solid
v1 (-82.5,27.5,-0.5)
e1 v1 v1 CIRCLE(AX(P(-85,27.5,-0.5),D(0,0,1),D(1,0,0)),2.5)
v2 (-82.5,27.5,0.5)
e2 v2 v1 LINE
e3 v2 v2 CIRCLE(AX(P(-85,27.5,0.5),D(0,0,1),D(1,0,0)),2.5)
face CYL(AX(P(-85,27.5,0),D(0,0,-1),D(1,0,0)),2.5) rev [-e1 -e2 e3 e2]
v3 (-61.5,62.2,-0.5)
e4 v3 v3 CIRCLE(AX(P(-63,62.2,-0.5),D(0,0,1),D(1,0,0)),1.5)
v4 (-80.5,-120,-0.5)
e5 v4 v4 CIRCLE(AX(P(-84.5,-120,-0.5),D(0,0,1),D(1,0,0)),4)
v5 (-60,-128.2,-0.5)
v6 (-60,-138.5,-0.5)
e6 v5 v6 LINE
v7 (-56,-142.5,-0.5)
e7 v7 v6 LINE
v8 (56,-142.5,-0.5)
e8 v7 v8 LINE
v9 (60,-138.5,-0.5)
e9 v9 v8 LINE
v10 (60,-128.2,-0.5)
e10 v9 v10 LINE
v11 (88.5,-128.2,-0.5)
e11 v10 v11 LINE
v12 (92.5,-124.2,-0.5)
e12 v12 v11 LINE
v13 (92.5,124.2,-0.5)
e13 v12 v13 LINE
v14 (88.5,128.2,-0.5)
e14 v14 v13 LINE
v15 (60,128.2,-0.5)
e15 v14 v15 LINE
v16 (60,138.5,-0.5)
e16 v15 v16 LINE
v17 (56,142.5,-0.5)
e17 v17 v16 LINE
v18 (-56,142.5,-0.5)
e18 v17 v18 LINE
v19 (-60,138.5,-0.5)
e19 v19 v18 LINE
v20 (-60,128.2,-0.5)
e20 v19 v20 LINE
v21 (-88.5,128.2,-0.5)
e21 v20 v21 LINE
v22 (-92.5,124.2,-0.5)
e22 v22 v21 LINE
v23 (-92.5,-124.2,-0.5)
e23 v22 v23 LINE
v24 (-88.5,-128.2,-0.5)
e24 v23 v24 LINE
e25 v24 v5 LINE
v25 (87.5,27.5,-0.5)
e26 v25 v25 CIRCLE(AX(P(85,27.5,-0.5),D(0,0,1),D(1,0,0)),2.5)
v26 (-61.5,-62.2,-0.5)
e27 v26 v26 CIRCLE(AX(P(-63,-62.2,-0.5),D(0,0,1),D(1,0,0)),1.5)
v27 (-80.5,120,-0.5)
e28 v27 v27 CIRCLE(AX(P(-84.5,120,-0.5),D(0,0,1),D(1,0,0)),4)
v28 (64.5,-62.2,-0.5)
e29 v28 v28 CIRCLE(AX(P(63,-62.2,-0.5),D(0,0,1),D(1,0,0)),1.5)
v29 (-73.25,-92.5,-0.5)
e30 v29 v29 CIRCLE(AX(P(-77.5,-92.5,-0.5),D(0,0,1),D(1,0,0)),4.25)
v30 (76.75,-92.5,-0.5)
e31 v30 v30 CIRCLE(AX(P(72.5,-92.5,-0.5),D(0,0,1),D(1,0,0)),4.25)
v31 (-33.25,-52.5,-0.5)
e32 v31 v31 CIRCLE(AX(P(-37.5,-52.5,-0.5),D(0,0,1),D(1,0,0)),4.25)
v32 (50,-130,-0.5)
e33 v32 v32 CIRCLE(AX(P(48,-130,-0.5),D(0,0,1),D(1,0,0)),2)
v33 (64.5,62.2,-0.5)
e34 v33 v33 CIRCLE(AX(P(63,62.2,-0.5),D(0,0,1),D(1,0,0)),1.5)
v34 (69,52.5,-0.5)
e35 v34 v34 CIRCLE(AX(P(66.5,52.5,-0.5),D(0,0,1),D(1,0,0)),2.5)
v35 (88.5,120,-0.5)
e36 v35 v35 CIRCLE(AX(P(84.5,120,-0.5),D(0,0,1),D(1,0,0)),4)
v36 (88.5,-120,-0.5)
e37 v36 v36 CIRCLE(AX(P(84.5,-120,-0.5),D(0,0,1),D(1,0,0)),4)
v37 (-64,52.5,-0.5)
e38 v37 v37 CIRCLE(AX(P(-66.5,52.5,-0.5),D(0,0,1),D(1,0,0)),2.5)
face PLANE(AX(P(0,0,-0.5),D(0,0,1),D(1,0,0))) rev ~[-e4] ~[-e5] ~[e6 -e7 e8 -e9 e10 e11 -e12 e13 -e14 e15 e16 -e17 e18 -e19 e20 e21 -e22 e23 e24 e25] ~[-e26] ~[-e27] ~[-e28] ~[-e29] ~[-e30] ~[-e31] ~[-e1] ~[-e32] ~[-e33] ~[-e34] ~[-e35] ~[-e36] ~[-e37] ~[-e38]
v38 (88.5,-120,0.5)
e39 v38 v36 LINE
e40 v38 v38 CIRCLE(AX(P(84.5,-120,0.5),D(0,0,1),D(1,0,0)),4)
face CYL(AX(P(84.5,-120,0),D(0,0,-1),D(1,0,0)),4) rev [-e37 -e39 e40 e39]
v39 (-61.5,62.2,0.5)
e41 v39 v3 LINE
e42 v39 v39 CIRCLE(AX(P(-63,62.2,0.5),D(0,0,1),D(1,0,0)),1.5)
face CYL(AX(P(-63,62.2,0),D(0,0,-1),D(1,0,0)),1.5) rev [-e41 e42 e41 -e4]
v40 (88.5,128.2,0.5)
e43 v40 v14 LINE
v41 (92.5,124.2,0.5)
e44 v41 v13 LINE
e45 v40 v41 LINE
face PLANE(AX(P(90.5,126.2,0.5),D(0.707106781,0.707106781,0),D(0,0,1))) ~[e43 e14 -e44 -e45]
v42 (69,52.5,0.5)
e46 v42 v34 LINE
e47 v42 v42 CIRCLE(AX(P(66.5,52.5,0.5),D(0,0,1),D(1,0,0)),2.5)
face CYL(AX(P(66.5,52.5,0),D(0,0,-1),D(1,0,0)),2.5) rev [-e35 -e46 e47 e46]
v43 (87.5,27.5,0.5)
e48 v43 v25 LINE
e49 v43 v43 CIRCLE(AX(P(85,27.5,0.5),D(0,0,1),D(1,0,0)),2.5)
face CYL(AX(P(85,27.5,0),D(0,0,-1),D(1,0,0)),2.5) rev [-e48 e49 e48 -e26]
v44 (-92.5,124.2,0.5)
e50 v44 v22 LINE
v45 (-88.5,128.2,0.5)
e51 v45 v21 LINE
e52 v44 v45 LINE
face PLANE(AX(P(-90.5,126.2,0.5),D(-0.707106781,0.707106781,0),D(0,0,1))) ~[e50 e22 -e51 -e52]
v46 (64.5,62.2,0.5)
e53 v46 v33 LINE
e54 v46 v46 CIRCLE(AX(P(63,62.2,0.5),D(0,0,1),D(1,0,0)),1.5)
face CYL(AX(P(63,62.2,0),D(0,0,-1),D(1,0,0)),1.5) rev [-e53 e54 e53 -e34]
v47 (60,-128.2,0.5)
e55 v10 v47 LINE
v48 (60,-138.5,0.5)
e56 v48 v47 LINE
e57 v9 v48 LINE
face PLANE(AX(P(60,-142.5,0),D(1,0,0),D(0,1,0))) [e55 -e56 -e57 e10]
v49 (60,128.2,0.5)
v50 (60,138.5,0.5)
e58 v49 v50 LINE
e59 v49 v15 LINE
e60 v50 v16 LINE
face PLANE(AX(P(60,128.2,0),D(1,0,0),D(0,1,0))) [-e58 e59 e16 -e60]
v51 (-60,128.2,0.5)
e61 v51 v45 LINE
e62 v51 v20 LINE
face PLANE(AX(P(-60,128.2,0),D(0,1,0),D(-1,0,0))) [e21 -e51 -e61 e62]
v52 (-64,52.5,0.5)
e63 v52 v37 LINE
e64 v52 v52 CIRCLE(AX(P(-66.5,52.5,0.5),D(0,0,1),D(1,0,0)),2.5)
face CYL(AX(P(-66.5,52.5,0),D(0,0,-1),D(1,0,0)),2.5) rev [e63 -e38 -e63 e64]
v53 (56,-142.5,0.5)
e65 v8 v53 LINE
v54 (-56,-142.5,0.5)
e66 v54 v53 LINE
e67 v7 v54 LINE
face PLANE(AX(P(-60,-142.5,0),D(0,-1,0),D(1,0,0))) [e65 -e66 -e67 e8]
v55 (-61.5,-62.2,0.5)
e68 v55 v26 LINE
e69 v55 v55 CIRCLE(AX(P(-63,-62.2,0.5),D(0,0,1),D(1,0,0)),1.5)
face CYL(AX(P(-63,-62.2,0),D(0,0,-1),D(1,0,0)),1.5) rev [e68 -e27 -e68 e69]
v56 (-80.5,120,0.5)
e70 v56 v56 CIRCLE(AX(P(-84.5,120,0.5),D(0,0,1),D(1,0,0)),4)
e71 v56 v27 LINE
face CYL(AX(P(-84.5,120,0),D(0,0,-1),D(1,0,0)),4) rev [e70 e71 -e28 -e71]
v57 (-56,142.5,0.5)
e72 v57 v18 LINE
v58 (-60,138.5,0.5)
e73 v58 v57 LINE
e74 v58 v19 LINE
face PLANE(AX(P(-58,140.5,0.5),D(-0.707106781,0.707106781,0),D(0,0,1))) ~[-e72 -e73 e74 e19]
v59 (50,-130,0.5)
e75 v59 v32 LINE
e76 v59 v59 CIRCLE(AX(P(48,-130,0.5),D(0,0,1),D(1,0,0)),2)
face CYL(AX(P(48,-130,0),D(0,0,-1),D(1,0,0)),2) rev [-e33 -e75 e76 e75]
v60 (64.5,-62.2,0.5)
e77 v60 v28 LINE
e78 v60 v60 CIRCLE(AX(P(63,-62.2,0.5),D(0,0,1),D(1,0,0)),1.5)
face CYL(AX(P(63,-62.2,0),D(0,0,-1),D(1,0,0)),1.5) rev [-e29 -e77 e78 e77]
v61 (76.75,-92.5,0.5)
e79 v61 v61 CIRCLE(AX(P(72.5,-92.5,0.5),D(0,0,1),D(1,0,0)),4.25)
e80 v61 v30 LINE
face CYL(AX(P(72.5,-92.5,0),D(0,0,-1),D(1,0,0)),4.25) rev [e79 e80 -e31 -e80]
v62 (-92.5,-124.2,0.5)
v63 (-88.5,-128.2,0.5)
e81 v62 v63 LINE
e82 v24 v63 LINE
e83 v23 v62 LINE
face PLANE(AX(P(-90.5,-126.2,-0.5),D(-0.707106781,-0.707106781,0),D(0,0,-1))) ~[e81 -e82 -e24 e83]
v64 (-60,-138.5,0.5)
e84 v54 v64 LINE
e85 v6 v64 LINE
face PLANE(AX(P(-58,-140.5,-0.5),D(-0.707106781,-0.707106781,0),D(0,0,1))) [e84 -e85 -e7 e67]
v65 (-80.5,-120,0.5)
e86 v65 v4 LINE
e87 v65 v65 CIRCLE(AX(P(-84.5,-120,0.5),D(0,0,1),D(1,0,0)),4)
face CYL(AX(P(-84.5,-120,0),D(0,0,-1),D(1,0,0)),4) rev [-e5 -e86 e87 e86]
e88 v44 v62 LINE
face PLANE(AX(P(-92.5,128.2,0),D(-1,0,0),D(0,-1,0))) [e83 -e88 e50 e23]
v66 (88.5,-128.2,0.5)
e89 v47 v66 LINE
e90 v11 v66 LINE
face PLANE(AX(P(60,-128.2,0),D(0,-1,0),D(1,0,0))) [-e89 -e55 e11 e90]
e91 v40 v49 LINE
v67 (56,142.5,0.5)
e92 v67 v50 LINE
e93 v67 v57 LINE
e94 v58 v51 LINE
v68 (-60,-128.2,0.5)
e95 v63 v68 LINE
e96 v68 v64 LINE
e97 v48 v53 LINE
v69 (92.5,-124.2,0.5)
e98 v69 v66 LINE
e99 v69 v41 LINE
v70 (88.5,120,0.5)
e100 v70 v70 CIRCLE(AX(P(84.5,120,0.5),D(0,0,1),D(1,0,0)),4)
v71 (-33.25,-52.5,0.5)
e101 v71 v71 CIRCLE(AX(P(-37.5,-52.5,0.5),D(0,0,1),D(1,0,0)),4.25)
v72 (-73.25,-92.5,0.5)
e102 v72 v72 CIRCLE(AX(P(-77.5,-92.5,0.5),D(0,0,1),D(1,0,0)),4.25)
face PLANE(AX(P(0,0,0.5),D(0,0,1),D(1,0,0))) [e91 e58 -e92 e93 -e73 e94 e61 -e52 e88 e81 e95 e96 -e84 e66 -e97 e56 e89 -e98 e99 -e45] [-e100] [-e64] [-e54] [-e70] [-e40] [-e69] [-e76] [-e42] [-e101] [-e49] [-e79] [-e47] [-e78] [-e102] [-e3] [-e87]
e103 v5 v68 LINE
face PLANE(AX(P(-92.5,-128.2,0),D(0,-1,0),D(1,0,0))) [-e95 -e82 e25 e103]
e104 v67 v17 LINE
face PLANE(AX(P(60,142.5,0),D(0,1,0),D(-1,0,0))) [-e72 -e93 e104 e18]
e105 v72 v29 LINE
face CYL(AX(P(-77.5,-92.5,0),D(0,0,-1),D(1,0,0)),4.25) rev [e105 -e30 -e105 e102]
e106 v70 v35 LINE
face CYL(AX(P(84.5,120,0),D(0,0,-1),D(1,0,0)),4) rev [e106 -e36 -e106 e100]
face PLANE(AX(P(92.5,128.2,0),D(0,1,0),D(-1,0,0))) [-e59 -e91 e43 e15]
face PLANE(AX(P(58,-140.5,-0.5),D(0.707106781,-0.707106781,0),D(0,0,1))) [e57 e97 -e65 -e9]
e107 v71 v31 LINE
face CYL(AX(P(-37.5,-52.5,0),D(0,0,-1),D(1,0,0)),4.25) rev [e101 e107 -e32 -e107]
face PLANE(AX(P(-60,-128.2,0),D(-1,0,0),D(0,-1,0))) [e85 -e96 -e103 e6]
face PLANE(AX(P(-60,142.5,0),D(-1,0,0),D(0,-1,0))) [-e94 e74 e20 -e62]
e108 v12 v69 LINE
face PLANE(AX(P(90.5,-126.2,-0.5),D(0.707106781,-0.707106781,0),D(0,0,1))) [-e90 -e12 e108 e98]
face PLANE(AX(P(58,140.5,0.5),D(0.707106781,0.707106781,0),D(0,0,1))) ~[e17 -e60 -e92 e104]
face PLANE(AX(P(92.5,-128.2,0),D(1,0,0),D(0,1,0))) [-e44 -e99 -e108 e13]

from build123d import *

# Parameters (mm, degrees)
F0_R     = 4
F0_R_2   = 4.25
F0_R_3   = 1.5
F0_R_4   = 2
F0_R_5   = 2.5
F1_DEPTH = 0.5
F2_SIZE  = 4


with BuildPart() as f1:
    # F0 (on Top) → F1 (new body, symmetric)
    with BuildSketch(Plane.XY):
        Polygon((-92.5, 128.2), (-92.5, 0), (-92.5, -128.2), (-60, -128.2), (-60, -142.5), (0, -142.5), (60, -142.5), (60, -128.2), (92.5, -128.2), (92.5, 0), (92.5, 128.2), (60, 128.2), (60, 142.5), (0, 142.5), (-60, 142.5), (-60, 128.2), align=None)
        with Locations((-84.5, -120)):
            Circle(F0_R, mode=Mode.SUBTRACT)
        with Locations((-77.5, -92.5)):
            Circle(F0_R_2, mode=Mode.SUBTRACT)
        with Locations((-63, -62.2)):
            Circle(F0_R_3, mode=Mode.SUBTRACT)
        with Locations((-37.5, -52.5)):
            Circle(F0_R_2, mode=Mode.SUBTRACT)
        with Locations((48, -130)):
            Circle(F0_R_4, mode=Mode.SUBTRACT)
        with Locations((84.5, -120)):
            Circle(F0_R, mode=Mode.SUBTRACT)
        with Locations((72.5, -92.5)):
            Circle(F0_R_2, mode=Mode.SUBTRACT)
        with Locations((63, -62.2)):
            Circle(F0_R_3, mode=Mode.SUBTRACT)
        with Locations((-85, 27.5)):
            Circle(F0_R_5, mode=Mode.SUBTRACT)
        with Locations((-66.5, 52.5)):
            Circle(F0_R_5, mode=Mode.SUBTRACT)
        with Locations((-63, 62.2)):
            Circle(F0_R_3, mode=Mode.SUBTRACT)
        with Locations((-84.5, 120)):
            Circle(F0_R, mode=Mode.SUBTRACT)
        with Locations((85, 27.5)):
            Circle(F0_R_5, mode=Mode.SUBTRACT)
        with Locations((66.5, 52.5)):
            Circle(F0_R_5, mode=Mode.SUBTRACT)
        with Locations((63, 62.2)):
            Circle(F0_R_3, mode=Mode.SUBTRACT)
        with Locations((84.5, 120)):
            Circle(F0_R, mode=Mode.SUBTRACT)
    extrude(amount=F1_DEPTH, both=True)

    # F2
    f2_edges = [f1.edges().sort_by_distance(p)[0] for p in [
        (-92.5, 128.2, 0),
        (-60, 142.5, 0),
        (60, 142.5, 0),
        (92.5, 128.2, 0),
        (92.5, -128.2, 0),
        (60, -142.5, 0),
        (-60, -142.5, 0),
        (-92.5, -128.2, 0),
    ]]
    chamfer(f2_edges, length=F2_SIZE)


solid = f1.part
